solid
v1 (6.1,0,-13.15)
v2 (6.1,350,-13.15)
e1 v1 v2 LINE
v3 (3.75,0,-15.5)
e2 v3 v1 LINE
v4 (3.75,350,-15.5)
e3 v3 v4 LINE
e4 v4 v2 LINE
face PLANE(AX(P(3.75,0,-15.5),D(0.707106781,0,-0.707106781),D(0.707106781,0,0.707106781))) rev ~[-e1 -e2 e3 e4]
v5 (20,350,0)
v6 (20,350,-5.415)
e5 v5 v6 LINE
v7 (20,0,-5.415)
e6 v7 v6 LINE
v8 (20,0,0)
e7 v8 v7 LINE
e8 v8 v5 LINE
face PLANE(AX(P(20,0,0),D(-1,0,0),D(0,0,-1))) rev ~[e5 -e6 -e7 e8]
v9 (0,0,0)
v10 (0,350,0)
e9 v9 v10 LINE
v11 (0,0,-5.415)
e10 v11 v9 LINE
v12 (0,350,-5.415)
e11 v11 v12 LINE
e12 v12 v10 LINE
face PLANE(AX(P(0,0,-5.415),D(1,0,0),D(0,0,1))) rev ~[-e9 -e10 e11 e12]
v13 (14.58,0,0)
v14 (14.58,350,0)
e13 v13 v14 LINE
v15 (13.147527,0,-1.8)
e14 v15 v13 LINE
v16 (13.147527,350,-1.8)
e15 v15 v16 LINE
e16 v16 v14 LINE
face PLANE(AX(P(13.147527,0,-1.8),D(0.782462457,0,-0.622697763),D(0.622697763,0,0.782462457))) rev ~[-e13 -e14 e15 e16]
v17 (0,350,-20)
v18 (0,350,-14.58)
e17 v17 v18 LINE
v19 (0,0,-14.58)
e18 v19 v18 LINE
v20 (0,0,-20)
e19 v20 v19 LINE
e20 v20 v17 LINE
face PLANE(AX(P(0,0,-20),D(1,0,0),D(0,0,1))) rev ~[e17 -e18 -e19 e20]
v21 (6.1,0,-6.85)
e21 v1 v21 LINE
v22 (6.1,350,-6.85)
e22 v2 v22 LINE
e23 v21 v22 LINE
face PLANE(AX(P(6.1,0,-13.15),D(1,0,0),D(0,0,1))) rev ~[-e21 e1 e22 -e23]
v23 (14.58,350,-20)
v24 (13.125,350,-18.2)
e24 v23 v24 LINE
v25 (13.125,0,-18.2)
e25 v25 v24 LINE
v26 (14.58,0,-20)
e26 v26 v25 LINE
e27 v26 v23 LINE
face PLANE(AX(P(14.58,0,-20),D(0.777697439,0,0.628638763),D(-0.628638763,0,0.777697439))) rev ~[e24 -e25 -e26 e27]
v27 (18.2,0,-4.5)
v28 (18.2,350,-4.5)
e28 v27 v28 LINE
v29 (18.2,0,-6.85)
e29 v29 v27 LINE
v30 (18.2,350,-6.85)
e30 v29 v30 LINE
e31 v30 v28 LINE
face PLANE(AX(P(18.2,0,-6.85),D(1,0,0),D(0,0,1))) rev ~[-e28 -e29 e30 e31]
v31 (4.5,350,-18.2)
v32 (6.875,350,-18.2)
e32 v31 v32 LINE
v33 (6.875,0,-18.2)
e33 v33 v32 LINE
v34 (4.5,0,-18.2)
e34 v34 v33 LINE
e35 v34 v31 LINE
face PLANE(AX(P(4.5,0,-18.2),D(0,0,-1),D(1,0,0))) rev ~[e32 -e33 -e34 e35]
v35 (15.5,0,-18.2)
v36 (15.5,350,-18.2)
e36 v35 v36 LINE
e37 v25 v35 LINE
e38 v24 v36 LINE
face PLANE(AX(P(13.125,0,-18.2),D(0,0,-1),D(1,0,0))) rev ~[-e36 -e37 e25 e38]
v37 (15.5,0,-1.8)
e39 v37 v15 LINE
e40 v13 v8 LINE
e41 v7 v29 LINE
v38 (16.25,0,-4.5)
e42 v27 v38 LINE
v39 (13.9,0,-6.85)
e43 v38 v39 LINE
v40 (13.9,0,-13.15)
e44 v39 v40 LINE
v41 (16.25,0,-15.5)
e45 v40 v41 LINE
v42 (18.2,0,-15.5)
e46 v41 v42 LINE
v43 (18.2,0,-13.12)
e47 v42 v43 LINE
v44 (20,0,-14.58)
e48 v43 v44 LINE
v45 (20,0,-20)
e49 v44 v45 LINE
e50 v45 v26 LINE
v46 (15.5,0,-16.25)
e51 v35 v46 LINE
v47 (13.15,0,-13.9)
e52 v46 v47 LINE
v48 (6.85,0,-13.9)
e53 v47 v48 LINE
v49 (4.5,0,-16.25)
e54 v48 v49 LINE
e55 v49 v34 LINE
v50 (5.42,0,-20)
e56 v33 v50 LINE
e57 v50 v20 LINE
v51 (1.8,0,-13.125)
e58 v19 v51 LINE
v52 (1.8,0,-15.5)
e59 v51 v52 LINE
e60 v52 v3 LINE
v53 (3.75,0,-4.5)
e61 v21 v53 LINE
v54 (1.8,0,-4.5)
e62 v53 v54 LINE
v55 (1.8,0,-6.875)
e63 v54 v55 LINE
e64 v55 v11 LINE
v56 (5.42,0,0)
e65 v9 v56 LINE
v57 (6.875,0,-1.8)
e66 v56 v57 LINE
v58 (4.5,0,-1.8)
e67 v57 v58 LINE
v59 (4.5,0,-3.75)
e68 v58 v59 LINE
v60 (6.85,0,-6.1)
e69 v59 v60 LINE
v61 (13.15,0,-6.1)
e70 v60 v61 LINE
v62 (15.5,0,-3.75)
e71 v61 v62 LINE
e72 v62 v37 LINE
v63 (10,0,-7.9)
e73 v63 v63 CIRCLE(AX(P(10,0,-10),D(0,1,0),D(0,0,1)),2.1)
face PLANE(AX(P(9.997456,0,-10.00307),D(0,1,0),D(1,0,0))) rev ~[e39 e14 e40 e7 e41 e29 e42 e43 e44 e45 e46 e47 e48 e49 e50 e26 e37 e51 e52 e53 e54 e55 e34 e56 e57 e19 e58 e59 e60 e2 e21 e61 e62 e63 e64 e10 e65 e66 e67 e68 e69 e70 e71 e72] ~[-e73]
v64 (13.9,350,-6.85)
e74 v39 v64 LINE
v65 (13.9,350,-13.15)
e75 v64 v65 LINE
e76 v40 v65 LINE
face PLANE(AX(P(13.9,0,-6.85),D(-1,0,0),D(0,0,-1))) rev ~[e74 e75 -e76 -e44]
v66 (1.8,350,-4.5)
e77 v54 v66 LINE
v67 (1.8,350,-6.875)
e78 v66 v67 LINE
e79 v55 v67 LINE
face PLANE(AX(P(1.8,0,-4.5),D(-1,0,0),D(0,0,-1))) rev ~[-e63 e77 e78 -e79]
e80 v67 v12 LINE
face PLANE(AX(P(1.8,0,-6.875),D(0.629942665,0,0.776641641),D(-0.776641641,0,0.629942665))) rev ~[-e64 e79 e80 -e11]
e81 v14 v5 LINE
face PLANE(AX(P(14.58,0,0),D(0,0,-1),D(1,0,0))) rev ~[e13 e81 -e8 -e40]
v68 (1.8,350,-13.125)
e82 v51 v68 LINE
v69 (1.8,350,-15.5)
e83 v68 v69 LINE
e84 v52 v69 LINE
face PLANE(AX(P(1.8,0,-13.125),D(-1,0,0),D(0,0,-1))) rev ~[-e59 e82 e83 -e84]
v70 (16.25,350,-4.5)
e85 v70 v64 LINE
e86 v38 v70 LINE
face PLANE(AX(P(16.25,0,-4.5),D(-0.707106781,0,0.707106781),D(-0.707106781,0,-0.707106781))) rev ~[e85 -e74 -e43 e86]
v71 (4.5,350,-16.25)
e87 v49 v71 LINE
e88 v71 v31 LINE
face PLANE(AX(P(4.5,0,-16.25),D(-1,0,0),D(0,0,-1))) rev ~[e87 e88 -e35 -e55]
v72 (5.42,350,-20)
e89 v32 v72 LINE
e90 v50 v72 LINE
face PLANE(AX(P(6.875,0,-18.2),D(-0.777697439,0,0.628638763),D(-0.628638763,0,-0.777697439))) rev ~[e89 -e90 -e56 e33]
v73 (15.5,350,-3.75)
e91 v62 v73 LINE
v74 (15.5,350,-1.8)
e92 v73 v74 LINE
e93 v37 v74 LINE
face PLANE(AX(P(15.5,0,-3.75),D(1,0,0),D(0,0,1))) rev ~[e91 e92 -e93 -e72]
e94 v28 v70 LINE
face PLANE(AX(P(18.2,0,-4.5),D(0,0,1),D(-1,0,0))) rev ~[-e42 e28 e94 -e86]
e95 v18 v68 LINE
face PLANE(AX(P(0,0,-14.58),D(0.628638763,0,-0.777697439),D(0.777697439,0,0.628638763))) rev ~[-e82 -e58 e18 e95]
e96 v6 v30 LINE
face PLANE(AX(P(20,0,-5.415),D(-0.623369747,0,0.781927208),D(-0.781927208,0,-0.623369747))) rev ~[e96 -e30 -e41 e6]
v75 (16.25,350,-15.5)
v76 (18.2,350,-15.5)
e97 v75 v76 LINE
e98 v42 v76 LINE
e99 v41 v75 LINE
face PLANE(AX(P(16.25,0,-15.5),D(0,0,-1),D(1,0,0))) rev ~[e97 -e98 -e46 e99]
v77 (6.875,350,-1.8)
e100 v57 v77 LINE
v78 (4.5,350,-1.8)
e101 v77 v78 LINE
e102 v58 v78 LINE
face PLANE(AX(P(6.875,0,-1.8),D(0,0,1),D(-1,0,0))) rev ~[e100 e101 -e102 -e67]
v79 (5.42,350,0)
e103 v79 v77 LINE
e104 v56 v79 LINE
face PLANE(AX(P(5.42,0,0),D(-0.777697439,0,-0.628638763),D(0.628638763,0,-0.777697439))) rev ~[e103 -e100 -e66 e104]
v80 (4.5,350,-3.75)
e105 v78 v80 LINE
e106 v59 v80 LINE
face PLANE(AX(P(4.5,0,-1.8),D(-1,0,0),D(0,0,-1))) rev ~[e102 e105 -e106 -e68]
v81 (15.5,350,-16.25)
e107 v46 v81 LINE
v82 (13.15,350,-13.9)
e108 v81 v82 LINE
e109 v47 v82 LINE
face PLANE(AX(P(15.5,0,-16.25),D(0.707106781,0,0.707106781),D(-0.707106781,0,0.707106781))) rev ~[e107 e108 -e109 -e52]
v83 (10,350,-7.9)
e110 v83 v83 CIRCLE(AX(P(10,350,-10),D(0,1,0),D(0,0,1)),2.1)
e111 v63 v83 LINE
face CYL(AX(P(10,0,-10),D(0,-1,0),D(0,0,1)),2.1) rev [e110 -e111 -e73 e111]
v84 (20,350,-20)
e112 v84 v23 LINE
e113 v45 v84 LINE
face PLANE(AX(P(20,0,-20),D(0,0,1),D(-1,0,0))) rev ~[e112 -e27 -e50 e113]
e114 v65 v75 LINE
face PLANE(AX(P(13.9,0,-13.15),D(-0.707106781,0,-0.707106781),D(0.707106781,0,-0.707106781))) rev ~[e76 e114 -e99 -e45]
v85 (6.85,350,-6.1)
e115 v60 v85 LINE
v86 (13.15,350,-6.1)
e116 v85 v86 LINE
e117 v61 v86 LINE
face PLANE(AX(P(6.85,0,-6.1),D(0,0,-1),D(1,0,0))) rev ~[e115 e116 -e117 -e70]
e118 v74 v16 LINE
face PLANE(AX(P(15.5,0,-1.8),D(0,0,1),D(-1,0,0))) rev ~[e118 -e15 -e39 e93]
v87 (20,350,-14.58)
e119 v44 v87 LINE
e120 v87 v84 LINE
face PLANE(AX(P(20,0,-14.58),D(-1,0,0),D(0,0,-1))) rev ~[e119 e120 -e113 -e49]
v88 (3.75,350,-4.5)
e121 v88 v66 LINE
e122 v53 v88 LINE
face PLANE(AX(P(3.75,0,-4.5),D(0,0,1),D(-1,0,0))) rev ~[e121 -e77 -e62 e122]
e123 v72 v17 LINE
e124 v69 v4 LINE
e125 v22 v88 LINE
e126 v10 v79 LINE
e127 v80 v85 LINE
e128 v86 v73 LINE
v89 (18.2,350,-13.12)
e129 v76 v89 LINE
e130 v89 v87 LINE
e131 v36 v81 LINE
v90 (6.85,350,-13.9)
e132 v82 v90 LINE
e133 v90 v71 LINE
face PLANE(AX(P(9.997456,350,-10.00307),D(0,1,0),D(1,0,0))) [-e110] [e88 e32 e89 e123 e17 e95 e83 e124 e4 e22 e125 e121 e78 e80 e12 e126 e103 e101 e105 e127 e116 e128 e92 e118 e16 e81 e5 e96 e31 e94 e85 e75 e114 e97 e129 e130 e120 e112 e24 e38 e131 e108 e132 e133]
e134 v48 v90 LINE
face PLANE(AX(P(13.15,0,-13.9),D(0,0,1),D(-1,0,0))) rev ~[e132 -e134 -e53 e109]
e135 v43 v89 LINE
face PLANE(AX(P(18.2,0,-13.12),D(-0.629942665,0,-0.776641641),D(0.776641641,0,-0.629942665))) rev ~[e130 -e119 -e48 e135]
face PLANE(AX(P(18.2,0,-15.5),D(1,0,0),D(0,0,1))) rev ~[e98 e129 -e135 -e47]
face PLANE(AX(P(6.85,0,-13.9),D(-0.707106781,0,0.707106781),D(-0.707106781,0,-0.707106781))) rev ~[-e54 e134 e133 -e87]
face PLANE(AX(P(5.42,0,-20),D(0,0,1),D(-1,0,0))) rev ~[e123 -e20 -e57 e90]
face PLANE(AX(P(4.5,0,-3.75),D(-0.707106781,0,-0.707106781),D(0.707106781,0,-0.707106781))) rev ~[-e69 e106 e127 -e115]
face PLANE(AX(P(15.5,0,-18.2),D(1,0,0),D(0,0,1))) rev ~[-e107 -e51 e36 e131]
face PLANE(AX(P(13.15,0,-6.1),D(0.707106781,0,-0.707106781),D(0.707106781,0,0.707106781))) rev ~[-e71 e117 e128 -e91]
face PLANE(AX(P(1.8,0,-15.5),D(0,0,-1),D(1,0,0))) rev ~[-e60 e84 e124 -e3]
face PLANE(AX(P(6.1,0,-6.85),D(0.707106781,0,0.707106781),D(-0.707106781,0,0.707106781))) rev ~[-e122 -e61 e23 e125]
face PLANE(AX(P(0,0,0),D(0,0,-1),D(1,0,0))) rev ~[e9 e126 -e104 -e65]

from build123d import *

# Parameters (mm, degrees)
SKETCH1_R           = 2.1
BOSS_EXTRUDE1_DEPTH = 350


with BuildPart() as part:
    # Sketch1 → Boss-Extrude1 (new body)
    with BuildSketch(Plane(origin=(0, 0, 0), x_dir=(1, 0, 0), z_dir=(0, 1, 0))):
        Polygon((0, 5.415), (0, 0), (4.5, 0), (5.42, 0), (6.875, 1.8), (4.5, 1.8), (4.5, 3.75), (6.85, 6.1), (13.15, 6.1), (15.5, 3.75), (15.5, 1.8), (13.147527473, 1.8), (14.58, 0), (20, 0), (20, 4.5), (20, 5.415), (18.2, 6.85), (18.2, 5.415), (18.2, 4.5), (16.25, 4.5), (13.9, 6.85), (13.9, 13.15), (16.25, 15.5), (18.2, 15.5), (18.2, 13.12), (20, 14.58), (20, 20), (15.5, 20), (14.58, 20), (13.125, 18.2), (15.5, 18.2), (15.5, 16.25), (13.15, 13.9), (6.85, 13.9), (4.5, 16.25), (4.5, 18.2), (6.875, 18.2), (5.42, 20), (4.5, 20), (0, 20), (0, 14.700042406), (0, 14.58), (1.8, 13.125), (1.8, 14.58), (1.8, 14.700042406), (1.8, 15.5), (3.75, 15.5), (6.1, 13.15), (6.1, 6.85), (3.75, 4.5), (1.8, 4.5), (1.8, 5.415), (1.8, 6.875), align=None)
        with Locations(Location((10, 10, 0), (0, 0, 270))):
            Circle(SKETCH1_R, mode=Mode.SUBTRACT)
    extrude(amount=BOSS_EXTRUDE1_DEPTH)


solid = part.part
